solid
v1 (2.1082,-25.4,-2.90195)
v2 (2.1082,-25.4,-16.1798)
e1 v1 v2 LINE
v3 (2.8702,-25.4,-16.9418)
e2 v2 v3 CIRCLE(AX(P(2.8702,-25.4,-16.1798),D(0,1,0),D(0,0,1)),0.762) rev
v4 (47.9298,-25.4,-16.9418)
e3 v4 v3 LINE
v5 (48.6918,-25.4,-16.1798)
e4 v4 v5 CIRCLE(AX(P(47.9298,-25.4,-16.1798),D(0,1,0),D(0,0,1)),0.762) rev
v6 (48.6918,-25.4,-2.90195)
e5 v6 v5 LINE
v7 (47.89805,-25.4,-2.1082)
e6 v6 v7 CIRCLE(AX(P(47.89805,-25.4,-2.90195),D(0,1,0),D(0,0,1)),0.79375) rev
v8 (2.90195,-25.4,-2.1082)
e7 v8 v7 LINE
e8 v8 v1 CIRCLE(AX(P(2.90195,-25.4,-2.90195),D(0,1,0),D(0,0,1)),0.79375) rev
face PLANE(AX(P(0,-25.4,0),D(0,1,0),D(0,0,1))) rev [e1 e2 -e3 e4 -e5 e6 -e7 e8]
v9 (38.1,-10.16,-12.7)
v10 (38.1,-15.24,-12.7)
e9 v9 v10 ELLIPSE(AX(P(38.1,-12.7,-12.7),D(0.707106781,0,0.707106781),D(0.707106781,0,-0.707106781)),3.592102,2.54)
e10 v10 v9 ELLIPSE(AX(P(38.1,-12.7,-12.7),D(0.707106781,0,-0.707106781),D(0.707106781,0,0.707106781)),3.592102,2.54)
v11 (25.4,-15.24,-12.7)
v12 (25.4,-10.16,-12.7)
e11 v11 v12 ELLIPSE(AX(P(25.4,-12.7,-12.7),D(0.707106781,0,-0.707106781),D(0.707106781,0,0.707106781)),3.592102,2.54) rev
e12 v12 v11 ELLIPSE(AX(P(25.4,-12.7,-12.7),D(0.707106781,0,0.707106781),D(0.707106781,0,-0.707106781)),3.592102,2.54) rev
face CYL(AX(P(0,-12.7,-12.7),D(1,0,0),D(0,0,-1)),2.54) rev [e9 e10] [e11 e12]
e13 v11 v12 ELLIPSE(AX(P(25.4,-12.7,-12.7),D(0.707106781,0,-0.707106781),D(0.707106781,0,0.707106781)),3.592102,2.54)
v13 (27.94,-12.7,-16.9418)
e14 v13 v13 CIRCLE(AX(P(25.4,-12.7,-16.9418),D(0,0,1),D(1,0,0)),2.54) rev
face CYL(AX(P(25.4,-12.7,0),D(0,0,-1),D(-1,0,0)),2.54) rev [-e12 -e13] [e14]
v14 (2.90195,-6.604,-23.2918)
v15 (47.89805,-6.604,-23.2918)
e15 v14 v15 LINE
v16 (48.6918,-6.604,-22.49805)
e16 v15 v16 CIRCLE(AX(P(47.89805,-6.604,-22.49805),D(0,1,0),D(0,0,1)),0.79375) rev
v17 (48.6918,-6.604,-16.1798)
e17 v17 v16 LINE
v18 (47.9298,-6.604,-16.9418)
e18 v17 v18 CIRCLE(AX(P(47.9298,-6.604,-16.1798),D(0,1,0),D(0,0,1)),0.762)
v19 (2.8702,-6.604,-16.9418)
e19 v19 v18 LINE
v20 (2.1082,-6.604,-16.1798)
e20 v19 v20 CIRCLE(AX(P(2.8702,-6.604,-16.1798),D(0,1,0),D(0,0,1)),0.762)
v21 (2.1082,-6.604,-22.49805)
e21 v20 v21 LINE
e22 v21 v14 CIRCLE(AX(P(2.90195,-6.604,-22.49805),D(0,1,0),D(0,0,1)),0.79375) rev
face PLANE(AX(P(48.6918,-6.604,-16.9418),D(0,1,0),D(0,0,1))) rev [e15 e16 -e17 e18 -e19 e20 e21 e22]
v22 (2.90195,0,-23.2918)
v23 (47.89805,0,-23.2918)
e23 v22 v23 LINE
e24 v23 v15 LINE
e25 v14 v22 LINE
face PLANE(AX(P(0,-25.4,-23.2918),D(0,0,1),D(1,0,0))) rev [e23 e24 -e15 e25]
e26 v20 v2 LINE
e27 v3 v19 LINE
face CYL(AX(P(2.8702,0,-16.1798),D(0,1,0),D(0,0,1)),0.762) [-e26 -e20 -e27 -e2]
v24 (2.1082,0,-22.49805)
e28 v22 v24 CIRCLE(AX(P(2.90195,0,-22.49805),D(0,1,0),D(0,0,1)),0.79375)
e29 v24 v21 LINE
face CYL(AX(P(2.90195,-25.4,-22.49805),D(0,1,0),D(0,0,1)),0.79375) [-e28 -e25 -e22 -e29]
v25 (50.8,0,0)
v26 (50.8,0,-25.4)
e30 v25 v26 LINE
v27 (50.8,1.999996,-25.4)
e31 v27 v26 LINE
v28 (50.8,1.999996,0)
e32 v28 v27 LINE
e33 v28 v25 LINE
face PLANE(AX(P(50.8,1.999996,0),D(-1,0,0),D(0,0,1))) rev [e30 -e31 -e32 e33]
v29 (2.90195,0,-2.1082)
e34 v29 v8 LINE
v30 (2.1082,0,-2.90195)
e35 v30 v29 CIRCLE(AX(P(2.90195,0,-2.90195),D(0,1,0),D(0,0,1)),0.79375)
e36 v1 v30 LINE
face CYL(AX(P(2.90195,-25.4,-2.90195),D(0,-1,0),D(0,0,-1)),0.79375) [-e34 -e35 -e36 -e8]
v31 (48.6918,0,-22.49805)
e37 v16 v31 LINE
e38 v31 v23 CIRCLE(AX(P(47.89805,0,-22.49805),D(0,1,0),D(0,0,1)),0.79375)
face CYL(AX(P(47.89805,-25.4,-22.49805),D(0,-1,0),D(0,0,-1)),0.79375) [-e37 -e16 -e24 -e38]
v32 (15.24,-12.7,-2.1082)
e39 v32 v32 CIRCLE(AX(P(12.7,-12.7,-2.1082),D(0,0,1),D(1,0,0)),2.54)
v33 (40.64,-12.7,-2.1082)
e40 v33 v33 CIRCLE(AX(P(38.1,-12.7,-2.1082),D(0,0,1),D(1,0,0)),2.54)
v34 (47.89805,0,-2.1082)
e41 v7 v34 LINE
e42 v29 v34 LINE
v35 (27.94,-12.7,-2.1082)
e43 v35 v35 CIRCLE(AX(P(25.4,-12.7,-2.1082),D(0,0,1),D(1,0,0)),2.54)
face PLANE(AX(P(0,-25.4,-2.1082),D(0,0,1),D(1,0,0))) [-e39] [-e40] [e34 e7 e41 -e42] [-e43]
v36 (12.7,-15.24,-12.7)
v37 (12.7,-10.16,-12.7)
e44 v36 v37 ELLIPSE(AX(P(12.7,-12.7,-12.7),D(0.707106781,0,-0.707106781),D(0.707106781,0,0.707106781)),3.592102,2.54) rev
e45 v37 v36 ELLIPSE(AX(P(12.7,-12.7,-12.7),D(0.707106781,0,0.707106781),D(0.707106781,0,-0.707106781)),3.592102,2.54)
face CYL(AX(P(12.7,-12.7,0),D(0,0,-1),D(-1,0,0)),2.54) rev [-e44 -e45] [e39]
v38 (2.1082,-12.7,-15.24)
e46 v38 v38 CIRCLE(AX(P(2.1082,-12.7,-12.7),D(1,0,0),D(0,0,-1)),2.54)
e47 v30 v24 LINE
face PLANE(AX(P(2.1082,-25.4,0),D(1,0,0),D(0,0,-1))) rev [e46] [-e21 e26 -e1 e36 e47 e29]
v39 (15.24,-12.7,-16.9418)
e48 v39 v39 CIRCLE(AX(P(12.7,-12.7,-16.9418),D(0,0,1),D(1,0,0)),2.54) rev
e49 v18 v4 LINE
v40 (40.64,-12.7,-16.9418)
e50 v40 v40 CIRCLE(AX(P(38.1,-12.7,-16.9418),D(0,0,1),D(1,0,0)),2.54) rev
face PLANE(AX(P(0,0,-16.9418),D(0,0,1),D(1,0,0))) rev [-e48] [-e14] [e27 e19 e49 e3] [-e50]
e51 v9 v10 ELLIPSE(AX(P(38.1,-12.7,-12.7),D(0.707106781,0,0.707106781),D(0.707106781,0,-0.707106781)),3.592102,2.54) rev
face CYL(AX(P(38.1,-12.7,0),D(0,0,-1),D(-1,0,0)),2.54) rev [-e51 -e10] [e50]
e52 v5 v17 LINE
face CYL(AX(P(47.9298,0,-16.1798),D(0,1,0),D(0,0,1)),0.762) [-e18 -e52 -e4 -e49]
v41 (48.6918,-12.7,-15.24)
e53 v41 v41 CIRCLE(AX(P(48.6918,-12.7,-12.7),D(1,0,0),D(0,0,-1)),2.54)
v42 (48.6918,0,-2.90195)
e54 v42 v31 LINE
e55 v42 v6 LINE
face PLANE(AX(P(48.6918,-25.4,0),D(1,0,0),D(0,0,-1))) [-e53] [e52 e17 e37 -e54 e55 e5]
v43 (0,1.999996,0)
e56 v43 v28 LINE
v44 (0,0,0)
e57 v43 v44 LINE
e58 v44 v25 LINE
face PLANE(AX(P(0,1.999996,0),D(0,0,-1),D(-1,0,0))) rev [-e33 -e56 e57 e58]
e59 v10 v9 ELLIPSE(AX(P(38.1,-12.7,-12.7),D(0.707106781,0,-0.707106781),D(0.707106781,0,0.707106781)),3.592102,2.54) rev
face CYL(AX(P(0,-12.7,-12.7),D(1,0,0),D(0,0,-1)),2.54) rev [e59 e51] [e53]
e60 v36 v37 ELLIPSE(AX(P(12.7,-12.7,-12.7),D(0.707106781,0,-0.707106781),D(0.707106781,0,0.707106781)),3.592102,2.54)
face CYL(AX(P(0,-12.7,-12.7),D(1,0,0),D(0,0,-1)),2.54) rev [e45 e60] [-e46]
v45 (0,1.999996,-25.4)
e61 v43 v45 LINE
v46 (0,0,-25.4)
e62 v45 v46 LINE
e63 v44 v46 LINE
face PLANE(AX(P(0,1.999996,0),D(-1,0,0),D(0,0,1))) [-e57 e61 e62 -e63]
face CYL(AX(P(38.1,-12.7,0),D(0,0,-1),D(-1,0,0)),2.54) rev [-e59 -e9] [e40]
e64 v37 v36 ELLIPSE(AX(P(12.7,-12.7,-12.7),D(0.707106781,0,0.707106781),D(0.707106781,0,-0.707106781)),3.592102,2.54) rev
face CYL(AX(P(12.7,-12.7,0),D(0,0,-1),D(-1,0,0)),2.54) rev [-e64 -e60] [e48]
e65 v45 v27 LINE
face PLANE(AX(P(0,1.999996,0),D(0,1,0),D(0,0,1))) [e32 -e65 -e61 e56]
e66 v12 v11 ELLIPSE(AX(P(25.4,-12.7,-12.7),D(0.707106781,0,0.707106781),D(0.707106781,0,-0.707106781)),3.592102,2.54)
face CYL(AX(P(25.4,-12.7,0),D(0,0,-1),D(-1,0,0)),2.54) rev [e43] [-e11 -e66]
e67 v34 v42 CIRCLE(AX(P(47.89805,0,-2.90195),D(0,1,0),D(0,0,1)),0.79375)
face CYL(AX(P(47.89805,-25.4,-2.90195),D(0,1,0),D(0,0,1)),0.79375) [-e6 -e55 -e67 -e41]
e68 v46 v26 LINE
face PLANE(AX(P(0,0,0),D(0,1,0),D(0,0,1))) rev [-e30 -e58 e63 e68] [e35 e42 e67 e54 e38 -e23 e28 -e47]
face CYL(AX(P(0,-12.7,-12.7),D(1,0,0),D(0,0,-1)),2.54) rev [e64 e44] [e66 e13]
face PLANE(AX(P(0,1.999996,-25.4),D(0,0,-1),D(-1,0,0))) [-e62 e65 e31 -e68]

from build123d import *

# Parameters (mm, degrees)
SKETCH2_W           = 50.8
SKETCH2_H           = 25.4
BOSS_EXTRUDE2_DEPTH = 1.999996
SKETCH2_4_W         = 46.5836
SKETCH2_4_H         = 21.1836
BOSS_EXTRUDE3_DEPTH = 25.4
FILLET3_R           = 0.79375
SKETCH3_R           = 2.54
CUT_EXTRUDE1_DEPTH  = 49.6918
SKETCH4_R           = 2.54
CUT_EXTRUDE2_DEPTH  = 24.2918
SKETCH5_W           = 46.5836
SKETCH5_H           = 18.796
CUT_EXTRUDE3_DEPTH  = 6.35
FILLET4_R           = 0.762


with BuildPart() as part:
    # Sketch2 → Boss-Extrude2 (new body)
    with BuildSketch(Plane(origin=(0, 0, 0), x_dir=(1, 0, 0), z_dir=(0, 1, 0))):
        with Locations((25.4, 12.7)):
            Rectangle(SKETCH2_W, SKETCH2_H)
    extrude(amount=BOSS_EXTRUDE2_DEPTH)

    # Sketch2<4> → Boss-Extrude3 (add)
    with BuildSketch(Plane(origin=(0, 0, 0), x_dir=(1, 0, 0), z_dir=(0, 1, 0))):
        with Locations((25.4, 12.7)):
            Rectangle(SKETCH2_4_W, SKETCH2_4_H)
    extrude(amount=-BOSS_EXTRUDE3_DEPTH)

    # Fillet3
    fillet3_edges = [part.edges().sort_by_distance(p)[0] for p in [
        (2.1082, -12.7, -2.1082),
        (2.1082, -12.7, -23.2918),
        (48.6918, -12.7, -23.2918),
        (48.6918, -12.7, -2.1082),
    ]]
    fillet(fillet3_edges, radius=FILLET3_R)

    # Sketch3 → Cut-Extrude1 (cut, through all)
    with BuildSketch(Plane(origin=(48.6918, 0, 0), x_dir=(0, 0, -1), z_dir=(1, 0, 0))):
        with Locations((12.7, -12.7)):
            Circle(SKETCH3_R)
    extrude(amount=-CUT_EXTRUDE1_DEPTH, mode=Mode.SUBTRACT)

    # Sketch4 → Cut-Extrude2 (cut, through all)
    with BuildSketch(Plane(origin=(0, 0, -23.2918), x_dir=(-1, 0, 0), z_dir=(0, 0, -1))):
        with Locations((-25.4, -12.7)):
            Circle(SKETCH4_R)
        with Locations((-38.1, -12.7)):
            Circle(SKETCH4_R)
        with Locations((-12.7, -12.7)):
            Circle(SKETCH4_R)
    extrude(amount=-CUT_EXTRUDE2_DEPTH, mode=Mode.SUBTRACT)

    # Sketch5 → Cut-Extrude3 (cut)
    with BuildSketch(Plane(origin=(0, 0, -23.2918), x_dir=(-1, 0, 0), z_dir=(0, 0, -1))):
        with Locations((-25.4, -16.002)):
            Rectangle(SKETCH5_W, SKETCH5_H)
    extrude(amount=-CUT_EXTRUDE3_DEPTH, mode=Mode.SUBTRACT)

    # Fillet4
    fillet4_edges = [part.edges().sort_by_distance(p)[0] for p in [
        (2.1082, -16.002, -16.9418),
        (48.6918, -16.002, -16.9418),
    ]]
    fillet(fillet4_edges, radius=FILLET4_R)


solid = part.part
